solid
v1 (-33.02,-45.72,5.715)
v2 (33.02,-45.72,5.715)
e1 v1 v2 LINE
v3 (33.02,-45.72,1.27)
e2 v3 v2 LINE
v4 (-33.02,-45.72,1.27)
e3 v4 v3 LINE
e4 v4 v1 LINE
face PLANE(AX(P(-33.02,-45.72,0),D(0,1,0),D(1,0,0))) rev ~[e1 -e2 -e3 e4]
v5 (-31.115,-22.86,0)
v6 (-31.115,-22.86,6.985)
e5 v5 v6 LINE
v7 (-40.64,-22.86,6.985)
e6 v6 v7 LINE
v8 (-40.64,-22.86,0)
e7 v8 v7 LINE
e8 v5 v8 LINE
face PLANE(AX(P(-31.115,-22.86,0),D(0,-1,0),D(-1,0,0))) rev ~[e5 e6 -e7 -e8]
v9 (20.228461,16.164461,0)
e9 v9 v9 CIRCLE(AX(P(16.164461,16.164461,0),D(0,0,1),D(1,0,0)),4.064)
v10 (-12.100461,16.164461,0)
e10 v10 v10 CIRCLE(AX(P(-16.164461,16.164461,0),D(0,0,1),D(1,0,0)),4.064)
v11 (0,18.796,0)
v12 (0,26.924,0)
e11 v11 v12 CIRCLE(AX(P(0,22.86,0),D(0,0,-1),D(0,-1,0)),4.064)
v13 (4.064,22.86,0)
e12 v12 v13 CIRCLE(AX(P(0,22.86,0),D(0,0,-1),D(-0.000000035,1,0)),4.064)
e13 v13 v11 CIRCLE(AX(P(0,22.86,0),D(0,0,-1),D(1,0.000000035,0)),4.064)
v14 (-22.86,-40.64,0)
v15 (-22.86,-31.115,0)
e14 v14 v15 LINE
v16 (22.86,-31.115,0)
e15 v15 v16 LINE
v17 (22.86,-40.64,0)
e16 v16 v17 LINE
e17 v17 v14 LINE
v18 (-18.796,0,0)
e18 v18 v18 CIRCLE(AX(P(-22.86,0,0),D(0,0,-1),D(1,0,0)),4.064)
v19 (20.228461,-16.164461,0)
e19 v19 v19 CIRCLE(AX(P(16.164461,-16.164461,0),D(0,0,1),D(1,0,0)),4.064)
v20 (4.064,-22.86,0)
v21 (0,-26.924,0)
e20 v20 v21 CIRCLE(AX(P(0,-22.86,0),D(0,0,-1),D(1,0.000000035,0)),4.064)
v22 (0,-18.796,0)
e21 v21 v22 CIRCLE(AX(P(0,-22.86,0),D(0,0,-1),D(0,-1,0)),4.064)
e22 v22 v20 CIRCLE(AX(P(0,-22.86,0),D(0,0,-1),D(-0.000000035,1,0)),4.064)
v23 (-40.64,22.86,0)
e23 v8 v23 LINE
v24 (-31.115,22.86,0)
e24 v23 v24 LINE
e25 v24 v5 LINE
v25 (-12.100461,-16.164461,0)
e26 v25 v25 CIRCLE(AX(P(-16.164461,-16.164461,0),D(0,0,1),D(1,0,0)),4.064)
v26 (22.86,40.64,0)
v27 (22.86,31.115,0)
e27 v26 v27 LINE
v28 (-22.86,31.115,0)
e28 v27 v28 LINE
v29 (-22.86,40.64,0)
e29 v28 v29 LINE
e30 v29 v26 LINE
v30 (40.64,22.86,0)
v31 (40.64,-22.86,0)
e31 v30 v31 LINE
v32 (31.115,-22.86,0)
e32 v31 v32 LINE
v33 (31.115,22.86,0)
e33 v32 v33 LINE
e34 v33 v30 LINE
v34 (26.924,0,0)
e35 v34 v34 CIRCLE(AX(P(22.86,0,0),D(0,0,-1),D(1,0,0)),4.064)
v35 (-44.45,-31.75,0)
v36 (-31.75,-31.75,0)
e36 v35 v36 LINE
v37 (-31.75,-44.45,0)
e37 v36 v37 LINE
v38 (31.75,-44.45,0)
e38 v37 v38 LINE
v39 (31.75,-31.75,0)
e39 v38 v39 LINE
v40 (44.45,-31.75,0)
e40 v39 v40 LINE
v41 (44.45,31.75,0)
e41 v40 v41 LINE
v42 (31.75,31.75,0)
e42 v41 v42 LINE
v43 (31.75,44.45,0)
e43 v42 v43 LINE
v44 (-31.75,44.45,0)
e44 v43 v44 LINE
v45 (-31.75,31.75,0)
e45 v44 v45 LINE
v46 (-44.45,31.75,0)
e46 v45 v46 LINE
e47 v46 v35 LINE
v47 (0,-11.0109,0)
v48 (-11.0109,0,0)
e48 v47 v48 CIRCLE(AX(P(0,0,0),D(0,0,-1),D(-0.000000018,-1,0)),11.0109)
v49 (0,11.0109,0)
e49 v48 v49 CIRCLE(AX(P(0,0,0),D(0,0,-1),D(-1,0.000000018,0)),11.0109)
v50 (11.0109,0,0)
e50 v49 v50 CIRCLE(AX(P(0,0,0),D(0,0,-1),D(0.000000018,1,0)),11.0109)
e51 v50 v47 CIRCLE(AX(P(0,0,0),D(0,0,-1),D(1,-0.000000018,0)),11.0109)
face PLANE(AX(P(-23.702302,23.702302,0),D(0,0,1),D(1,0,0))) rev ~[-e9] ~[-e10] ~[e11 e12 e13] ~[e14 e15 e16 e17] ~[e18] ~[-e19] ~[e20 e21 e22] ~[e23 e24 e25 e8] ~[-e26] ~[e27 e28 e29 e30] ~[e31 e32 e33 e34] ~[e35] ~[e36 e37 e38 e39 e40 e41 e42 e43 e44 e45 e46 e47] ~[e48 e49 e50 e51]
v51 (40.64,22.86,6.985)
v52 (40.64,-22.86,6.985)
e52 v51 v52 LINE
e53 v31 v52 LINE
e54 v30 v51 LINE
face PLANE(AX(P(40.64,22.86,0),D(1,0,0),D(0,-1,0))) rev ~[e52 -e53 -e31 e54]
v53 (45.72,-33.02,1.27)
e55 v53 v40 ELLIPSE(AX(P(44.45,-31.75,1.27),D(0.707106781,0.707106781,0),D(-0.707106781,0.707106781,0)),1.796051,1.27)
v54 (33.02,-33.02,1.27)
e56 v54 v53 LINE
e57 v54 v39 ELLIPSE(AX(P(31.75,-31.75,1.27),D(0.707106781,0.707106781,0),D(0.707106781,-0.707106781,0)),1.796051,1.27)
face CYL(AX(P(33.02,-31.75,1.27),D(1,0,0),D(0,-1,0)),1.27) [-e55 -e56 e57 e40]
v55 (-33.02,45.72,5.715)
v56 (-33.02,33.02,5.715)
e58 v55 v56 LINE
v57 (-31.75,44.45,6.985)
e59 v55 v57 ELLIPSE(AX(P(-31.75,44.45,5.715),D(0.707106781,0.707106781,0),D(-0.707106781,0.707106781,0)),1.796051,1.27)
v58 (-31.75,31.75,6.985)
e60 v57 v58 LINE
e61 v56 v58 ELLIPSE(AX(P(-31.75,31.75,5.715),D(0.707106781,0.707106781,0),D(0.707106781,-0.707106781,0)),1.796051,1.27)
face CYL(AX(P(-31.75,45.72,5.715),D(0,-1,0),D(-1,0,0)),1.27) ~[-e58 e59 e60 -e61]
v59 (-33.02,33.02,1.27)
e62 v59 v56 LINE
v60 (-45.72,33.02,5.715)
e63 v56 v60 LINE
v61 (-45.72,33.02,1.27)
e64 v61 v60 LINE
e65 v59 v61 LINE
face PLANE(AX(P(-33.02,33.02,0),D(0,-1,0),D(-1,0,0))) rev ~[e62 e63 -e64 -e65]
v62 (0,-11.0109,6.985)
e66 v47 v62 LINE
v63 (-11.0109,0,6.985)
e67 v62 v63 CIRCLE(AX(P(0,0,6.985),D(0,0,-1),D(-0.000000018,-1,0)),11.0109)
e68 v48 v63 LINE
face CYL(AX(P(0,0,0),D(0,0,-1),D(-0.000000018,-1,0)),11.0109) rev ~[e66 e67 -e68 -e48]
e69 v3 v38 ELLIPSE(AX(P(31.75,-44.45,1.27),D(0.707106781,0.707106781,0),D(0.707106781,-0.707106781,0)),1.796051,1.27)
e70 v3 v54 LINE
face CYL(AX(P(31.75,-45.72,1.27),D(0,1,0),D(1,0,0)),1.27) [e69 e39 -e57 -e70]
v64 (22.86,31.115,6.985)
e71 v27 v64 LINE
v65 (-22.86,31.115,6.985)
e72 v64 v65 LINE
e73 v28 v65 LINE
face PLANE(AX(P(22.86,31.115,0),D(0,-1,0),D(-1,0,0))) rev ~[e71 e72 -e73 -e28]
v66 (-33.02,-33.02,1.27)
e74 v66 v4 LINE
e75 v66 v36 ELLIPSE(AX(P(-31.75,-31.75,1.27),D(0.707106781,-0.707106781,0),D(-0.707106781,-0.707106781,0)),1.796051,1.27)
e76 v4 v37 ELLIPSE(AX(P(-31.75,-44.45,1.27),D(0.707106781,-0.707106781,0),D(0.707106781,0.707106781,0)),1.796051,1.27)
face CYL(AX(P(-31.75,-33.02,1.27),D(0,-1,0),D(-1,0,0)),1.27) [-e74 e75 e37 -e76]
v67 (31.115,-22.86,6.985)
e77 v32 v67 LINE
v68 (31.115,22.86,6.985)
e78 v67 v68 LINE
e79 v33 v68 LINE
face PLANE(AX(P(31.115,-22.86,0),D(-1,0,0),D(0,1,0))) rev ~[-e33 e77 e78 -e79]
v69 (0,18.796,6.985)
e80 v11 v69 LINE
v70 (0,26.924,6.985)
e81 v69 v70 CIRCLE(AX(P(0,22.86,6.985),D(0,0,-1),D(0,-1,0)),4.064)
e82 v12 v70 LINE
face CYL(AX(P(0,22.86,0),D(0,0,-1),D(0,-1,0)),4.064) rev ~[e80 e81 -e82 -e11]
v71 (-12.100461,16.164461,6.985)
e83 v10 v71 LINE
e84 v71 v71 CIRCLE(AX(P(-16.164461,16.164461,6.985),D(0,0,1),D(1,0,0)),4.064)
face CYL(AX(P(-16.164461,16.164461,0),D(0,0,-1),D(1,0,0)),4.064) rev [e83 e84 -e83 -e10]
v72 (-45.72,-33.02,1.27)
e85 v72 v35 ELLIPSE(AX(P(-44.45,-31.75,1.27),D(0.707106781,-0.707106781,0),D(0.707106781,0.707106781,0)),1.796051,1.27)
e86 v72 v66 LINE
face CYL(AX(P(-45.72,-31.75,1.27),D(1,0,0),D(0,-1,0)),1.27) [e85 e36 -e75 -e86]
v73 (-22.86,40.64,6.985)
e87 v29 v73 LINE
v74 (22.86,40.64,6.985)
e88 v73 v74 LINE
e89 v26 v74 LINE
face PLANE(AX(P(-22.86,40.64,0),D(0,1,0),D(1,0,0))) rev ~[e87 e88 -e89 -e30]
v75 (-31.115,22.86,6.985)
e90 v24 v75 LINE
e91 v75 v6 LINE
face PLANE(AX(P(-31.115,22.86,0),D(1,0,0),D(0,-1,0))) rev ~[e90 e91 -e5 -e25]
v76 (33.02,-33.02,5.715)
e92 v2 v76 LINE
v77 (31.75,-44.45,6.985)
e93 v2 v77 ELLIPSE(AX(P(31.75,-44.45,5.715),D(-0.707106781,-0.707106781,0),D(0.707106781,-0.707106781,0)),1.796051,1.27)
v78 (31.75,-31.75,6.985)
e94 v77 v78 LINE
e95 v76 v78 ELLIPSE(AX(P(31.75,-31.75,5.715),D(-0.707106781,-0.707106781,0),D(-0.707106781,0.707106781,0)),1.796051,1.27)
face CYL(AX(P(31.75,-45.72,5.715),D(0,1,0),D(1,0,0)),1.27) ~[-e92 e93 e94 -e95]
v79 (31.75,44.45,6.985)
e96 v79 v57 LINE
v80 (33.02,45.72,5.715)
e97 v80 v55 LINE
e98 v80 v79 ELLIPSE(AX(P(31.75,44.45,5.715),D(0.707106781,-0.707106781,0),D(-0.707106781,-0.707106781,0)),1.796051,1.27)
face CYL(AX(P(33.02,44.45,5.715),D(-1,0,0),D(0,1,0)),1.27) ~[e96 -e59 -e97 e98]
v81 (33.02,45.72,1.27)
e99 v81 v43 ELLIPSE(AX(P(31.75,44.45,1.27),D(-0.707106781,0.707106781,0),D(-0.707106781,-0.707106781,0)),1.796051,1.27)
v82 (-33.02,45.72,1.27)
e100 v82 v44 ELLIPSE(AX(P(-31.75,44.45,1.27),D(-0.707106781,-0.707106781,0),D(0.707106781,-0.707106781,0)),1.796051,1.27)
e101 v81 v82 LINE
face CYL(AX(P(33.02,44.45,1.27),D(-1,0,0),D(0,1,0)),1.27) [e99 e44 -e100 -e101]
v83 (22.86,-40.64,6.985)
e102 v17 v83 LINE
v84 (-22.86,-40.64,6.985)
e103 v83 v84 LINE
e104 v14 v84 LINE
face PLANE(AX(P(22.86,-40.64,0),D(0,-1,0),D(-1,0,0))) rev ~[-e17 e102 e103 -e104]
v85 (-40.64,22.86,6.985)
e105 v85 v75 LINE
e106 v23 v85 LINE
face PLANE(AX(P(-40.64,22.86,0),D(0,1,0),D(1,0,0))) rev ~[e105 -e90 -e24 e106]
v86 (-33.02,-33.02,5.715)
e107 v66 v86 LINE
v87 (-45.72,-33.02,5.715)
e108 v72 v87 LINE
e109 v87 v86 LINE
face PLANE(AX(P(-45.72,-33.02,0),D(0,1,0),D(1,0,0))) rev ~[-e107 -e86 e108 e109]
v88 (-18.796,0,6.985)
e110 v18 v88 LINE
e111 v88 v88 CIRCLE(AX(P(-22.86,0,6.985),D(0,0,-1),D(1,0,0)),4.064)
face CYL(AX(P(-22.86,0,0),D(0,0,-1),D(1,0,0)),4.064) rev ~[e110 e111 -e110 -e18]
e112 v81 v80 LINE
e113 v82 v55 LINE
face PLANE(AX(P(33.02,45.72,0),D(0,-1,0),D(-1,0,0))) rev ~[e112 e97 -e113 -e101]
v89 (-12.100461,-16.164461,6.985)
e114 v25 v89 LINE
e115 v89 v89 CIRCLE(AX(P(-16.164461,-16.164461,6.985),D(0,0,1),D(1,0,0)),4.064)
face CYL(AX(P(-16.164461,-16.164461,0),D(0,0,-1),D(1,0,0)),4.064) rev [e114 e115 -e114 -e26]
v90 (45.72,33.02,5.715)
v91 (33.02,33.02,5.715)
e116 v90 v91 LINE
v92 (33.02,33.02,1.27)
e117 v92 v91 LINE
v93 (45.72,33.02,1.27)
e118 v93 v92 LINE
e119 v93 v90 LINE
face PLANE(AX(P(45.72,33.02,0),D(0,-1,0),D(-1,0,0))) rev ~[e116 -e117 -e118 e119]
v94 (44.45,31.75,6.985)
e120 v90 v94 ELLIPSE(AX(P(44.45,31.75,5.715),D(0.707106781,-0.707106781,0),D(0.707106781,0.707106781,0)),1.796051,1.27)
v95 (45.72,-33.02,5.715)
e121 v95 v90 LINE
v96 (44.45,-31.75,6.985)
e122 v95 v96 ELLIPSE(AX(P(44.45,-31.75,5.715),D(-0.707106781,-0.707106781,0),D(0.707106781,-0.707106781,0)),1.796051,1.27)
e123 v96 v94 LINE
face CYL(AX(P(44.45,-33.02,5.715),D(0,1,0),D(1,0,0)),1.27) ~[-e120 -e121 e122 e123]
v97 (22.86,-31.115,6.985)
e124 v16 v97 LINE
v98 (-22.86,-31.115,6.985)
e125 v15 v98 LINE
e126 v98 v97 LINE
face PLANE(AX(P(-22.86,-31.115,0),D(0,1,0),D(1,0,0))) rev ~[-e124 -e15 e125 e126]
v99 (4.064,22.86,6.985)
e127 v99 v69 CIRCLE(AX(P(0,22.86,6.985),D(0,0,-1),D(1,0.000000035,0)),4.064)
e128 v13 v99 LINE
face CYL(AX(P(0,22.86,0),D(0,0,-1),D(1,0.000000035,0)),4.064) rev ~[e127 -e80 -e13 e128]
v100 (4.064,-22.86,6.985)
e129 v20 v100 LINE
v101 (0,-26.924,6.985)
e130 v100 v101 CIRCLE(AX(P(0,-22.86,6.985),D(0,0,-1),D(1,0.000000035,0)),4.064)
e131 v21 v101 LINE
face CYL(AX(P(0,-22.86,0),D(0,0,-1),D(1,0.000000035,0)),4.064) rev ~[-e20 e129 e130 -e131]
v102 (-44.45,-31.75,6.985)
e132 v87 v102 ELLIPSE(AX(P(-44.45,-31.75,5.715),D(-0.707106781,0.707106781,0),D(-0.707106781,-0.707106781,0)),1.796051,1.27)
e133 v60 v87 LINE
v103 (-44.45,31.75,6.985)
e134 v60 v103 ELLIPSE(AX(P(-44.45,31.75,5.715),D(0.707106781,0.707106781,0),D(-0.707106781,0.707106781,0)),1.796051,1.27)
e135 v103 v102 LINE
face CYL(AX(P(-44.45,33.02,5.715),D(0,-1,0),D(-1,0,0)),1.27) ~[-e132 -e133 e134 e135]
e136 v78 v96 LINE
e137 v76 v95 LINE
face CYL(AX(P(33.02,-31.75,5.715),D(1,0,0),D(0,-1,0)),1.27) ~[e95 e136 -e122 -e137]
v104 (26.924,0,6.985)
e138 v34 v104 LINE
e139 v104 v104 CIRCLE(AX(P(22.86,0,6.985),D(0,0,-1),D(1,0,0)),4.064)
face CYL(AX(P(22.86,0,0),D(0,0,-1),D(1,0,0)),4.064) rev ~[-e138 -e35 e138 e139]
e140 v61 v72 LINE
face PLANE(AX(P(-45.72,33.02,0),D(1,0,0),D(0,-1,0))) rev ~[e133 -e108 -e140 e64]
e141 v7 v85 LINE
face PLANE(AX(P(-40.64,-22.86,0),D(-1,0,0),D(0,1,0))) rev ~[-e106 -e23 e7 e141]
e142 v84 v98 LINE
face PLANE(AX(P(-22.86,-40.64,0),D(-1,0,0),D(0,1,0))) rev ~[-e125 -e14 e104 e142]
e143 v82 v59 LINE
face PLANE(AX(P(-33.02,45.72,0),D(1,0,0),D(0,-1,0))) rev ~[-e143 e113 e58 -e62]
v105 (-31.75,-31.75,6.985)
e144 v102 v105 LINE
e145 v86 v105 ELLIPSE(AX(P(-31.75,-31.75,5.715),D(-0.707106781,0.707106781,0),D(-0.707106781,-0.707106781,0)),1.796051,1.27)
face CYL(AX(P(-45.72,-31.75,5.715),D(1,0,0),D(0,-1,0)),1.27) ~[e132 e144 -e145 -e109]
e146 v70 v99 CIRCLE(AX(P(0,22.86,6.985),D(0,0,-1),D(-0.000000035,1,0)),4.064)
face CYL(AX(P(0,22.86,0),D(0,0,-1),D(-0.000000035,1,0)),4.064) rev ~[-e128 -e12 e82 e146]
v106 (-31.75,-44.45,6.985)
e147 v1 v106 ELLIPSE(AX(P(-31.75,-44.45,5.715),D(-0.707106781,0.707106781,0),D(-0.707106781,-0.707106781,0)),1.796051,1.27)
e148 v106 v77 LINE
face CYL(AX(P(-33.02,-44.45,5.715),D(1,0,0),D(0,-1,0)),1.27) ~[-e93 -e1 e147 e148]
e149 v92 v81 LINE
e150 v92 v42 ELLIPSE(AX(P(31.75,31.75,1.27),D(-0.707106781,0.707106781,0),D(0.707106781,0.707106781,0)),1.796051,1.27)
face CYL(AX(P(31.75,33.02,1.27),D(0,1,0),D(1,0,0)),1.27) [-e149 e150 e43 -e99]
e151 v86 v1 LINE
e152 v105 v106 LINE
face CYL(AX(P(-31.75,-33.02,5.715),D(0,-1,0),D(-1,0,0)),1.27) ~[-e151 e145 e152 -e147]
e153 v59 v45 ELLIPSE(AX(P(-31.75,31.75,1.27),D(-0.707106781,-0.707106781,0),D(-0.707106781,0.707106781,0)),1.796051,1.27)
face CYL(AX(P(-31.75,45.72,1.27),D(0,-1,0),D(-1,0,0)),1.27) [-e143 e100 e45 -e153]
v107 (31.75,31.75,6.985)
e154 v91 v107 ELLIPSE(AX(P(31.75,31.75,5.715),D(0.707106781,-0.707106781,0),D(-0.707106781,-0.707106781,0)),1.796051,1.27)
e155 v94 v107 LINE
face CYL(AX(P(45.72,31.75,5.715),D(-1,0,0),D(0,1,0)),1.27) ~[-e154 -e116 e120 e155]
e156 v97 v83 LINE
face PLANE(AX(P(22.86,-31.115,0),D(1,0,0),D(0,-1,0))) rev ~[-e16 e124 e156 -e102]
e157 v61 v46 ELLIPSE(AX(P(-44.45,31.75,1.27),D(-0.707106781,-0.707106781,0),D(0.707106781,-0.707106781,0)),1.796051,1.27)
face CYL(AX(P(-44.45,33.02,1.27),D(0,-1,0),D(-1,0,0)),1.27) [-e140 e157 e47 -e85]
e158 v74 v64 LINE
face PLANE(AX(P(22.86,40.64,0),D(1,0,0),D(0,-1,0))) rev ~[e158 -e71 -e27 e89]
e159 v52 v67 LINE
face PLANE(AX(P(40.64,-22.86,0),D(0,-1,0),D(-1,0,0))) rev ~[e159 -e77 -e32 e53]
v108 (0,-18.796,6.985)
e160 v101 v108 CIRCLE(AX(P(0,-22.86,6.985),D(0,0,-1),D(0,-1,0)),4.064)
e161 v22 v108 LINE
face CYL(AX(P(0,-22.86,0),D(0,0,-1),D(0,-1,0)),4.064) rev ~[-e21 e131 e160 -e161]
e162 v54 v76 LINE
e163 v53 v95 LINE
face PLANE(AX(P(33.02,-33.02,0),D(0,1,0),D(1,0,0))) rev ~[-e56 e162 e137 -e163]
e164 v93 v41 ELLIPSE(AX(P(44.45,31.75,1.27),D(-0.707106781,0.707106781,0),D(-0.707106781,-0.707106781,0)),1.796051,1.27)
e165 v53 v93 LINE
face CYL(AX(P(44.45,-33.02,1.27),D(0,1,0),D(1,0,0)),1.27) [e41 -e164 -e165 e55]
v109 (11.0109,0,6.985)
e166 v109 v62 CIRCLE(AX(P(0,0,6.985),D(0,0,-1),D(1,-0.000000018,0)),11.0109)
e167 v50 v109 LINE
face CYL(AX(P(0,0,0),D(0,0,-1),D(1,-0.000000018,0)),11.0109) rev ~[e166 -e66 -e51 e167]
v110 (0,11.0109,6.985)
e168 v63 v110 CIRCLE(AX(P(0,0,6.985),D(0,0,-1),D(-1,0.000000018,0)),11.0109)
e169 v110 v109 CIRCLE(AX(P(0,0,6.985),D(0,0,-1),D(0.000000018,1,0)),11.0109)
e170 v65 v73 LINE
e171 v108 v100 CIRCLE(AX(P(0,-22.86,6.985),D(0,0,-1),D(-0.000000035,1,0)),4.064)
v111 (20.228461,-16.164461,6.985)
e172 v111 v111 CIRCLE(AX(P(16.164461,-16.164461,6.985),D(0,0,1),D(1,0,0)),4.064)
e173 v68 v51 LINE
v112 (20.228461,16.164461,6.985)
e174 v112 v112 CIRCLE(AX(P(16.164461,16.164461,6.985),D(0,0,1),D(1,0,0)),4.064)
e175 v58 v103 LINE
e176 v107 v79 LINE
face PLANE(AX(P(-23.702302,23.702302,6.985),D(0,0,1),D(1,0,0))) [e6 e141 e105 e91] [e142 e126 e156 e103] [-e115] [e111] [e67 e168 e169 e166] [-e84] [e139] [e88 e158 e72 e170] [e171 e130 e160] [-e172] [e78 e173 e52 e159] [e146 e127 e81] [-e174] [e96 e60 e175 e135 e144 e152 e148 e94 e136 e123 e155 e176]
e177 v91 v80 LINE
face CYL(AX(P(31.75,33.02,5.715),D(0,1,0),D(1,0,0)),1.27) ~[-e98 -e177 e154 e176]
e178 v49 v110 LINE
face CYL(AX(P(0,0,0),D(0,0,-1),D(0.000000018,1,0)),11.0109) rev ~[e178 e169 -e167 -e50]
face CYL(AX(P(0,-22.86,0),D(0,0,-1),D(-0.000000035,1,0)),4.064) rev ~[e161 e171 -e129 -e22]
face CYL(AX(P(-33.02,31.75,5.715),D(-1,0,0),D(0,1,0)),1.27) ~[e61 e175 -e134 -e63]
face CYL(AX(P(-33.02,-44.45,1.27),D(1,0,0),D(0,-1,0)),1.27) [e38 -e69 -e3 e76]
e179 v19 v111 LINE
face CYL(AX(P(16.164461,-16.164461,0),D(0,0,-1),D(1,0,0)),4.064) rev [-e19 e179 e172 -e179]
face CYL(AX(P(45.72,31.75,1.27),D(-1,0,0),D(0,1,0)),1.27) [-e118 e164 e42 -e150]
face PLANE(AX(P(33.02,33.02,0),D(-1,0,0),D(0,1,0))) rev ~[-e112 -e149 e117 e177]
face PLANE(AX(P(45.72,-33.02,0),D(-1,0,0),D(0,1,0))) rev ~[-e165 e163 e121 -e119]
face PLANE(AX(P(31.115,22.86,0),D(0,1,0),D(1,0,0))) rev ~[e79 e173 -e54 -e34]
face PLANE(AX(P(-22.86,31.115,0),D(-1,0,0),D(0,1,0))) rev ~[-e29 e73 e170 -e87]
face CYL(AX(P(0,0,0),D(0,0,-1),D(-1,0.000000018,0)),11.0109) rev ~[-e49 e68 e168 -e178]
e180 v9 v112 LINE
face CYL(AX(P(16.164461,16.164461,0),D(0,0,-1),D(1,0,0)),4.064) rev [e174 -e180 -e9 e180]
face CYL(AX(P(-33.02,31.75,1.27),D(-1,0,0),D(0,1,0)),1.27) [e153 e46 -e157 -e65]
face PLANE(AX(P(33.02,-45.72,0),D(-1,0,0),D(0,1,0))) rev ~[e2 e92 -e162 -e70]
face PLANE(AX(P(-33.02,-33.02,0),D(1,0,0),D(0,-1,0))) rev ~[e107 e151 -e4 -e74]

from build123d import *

# Parameters (mm, degrees)
F0_R     = 4.064
F1_DEPTH = 6.985
F2_R     = 1.27


with BuildPart() as f1:
    # F0 (on Top) → F1 (new body)
    with BuildSketch(Plane.XY):
        with BuildLine():
            ThreePointArc((-11.0109, 0), (-7.785882, 7.785882), (0, 11.0109))
            Line((0, 11.0109), (0, 18.796))
            ThreePointArc((0, 18.796), (-4.064, 22.86), (0, 26.924))
            Line((0, 26.924), (0, 31.115))
            Line((0, 31.115), (-22.86, 31.115))
            Line((-22.86, 31.115), (-22.86, 40.64))
            Line((-22.86, 40.64), (0, 40.64))
            Line((0, 40.64), (0, 45.72))
            Line((0, 45.72), (-33.02, 45.72))
            Line((-33.02, 45.72), (-33.02, 33.02))
            Line((-33.02, 33.02), (-45.72, 33.02))
            Line((-45.72, 33.02), (-45.72, 0))
            Line((-45.72, 0), (-40.64, 0))
            Line((-40.64, 0), (-40.64, 22.86))
            Line((-40.64, 22.86), (-31.115, 22.86))
            Line((-31.115, 22.86), (-31.115, 0))
            Line((-31.115, 0), (-26.924, 0))
            ThreePointArc((-26.924, 0), (-22.86, 4.064), (-18.796, 0))
            Line((-18.796, 0), (-11.0109, 0))
        make_face()
        with Locations((-16.164461, 16.164461)):
            Circle(F0_R, mode=Mode.SUBTRACT)
        with BuildLine():
            ThreePointArc((0, 11.0109), (7.785882, 7.785882), (11.0109, 0))
            Line((11.0109, 0), (18.796, 0))
            ThreePointArc((18.796, 0), (22.86, 4.064), (26.924, 0))
            Line((26.924, 0), (31.115, 0))
            Line((31.115, 0), (31.115, 22.86))
            Line((31.115, 22.86), (40.64, 22.86))
            Line((40.64, 22.86), (40.64, 0))
            Line((40.64, 0), (45.72, 0))
            Line((45.72, 0), (45.72, 33.02))
            Line((45.72, 33.02), (33.02, 33.02))
            Line((33.02, 33.02), (33.02, 45.72))
            Line((33.02, 45.72), (0, 45.72))
            Line((0, 45.72), (0, 40.64))
            Line((0, 40.64), (22.86, 40.64))
            Line((22.86, 40.64), (22.86, 31.115))
            Line((22.86, 31.115), (0, 31.115))
            Line((0, 31.115), (0, 26.924))
            ThreePointArc((0, 26.924), (2.873682, 25.733682), (4.064, 22.86))
            ThreePointArc((4.064, 22.86), (2.873682, 19.986318), (0, 18.796))
            Line((0, 18.796), (0, 11.0109))
        make_face()
        with Locations((16.164461, 16.164461)):
            Circle(F0_R, mode=Mode.SUBTRACT)
        with BuildLine():
            Line((18.796, 0), (11.0109, 0))
            ThreePointArc((11.0109, 0), (7.785882, -7.785882), (0, -11.0109))
            Line((0, -11.0109), (0, -18.796))
            ThreePointArc((0, -18.796), (2.873682, -19.986318), (4.064, -22.86))
            ThreePointArc((4.064, -22.86), (2.873682, -25.733682), (0, -26.924))
            Line((0, -26.924), (0, -31.115))
            Line((0, -31.115), (22.86, -31.115))
            Line((22.86, -31.115), (22.86, -40.64))
            Line((22.86, -40.64), (0, -40.64))
            Line((0, -40.64), (0, -45.72))
            Line((0, -45.72), (33.02, -45.72))
            Line((33.02, -45.72), (33.02, -33.02))
            Line((33.02, -33.02), (45.72, -33.02))
            Line((45.72, -33.02), (45.72, 0))
            Line((45.72, 0), (40.64, 0))
            Line((40.64, 0), (40.64, -22.86))
            Line((40.64, -22.86), (31.115, -22.86))
            Line((31.115, -22.86), (31.115, 0))
            Line((31.115, 0), (26.924, 0))
            ThreePointArc((26.924, 0), (22.86, -4.064), (18.796, 0))
        make_face()
        with Locations((16.164461, -16.164461)):
            Circle(F0_R, mode=Mode.SUBTRACT)
        with BuildLine():
            Line((0, -18.796), (0, -11.0109))
            ThreePointArc((0, -11.0109), (-7.785882, -7.785882), (-11.0109, 0))
            Line((-11.0109, 0), (-18.796, 0))
            ThreePointArc((-18.796, 0), (-22.86, -4.064), (-26.924, 0))
            Line((-26.924, 0), (-31.115, 0))
            Line((-31.115, 0), (-31.115, -22.86))
            Line((-31.115, -22.86), (-40.64, -22.86))
            Line((-40.64, -22.86), (-40.64, 0))
            Line((-40.64, 0), (-45.72, 0))
            Line((-45.72, 0), (-45.72, -33.02))
            Line((-45.72, -33.02), (-33.02, -33.02))
            Line((-33.02, -33.02), (-33.02, -45.72))
            Line((-33.02, -45.72), (0, -45.72))
            Line((0, -45.72), (0, -40.64))
            Line((0, -40.64), (-22.86, -40.64))
            Line((-22.86, -40.64), (-22.86, -31.115))
            Line((-22.86, -31.115), (0, -31.115))
            Line((0, -31.115), (0, -26.924))
            ThreePointArc((0, -26.924), (-4.064, -22.86), (0, -18.796))
        make_face()
        with Locations((-16.164461, -16.164461)):
            Circle(F0_R, mode=Mode.SUBTRACT)
    extrude(amount=F1_DEPTH)

    # F2
    f2_edges = [f1.edges().sort_by_distance(p)[0] for p in [
        (0, 45.72, 6.985),
        (-33.02, 39.37, 6.985),
        (-39.37, 33.02, 6.985),
        (-45.72, 0, 6.985),
        (-33.02, -39.37, 6.985),
        (-39.37, -33.02, 6.985),
        (0, -45.72, 6.985),
        (33.02, -39.37, 6.985),
        (39.37, -33.02, 6.985),
        (45.72, 0, 6.985),
        (39.37, 33.02, 6.985),
        (33.02, 39.37, 6.985),
        (0, -45.72, 0),
        (-33.02, -39.37, 0),
        (-39.37, -33.02, 0),
        (-45.72, 0, 0),
        (-39.37, 33.02, 0),
        (-33.02, 39.37, 0),
        (0, 45.72, 0),
        (33.02, 39.37, 0),
        (39.37, 33.02, 0),
        (45.72, 0, 0),
        (39.37, -33.02, 0),
        (33.02, -39.37, 0),
    ]]
    fillet(f2_edges, radius=F2_R)


solid = f1.part
